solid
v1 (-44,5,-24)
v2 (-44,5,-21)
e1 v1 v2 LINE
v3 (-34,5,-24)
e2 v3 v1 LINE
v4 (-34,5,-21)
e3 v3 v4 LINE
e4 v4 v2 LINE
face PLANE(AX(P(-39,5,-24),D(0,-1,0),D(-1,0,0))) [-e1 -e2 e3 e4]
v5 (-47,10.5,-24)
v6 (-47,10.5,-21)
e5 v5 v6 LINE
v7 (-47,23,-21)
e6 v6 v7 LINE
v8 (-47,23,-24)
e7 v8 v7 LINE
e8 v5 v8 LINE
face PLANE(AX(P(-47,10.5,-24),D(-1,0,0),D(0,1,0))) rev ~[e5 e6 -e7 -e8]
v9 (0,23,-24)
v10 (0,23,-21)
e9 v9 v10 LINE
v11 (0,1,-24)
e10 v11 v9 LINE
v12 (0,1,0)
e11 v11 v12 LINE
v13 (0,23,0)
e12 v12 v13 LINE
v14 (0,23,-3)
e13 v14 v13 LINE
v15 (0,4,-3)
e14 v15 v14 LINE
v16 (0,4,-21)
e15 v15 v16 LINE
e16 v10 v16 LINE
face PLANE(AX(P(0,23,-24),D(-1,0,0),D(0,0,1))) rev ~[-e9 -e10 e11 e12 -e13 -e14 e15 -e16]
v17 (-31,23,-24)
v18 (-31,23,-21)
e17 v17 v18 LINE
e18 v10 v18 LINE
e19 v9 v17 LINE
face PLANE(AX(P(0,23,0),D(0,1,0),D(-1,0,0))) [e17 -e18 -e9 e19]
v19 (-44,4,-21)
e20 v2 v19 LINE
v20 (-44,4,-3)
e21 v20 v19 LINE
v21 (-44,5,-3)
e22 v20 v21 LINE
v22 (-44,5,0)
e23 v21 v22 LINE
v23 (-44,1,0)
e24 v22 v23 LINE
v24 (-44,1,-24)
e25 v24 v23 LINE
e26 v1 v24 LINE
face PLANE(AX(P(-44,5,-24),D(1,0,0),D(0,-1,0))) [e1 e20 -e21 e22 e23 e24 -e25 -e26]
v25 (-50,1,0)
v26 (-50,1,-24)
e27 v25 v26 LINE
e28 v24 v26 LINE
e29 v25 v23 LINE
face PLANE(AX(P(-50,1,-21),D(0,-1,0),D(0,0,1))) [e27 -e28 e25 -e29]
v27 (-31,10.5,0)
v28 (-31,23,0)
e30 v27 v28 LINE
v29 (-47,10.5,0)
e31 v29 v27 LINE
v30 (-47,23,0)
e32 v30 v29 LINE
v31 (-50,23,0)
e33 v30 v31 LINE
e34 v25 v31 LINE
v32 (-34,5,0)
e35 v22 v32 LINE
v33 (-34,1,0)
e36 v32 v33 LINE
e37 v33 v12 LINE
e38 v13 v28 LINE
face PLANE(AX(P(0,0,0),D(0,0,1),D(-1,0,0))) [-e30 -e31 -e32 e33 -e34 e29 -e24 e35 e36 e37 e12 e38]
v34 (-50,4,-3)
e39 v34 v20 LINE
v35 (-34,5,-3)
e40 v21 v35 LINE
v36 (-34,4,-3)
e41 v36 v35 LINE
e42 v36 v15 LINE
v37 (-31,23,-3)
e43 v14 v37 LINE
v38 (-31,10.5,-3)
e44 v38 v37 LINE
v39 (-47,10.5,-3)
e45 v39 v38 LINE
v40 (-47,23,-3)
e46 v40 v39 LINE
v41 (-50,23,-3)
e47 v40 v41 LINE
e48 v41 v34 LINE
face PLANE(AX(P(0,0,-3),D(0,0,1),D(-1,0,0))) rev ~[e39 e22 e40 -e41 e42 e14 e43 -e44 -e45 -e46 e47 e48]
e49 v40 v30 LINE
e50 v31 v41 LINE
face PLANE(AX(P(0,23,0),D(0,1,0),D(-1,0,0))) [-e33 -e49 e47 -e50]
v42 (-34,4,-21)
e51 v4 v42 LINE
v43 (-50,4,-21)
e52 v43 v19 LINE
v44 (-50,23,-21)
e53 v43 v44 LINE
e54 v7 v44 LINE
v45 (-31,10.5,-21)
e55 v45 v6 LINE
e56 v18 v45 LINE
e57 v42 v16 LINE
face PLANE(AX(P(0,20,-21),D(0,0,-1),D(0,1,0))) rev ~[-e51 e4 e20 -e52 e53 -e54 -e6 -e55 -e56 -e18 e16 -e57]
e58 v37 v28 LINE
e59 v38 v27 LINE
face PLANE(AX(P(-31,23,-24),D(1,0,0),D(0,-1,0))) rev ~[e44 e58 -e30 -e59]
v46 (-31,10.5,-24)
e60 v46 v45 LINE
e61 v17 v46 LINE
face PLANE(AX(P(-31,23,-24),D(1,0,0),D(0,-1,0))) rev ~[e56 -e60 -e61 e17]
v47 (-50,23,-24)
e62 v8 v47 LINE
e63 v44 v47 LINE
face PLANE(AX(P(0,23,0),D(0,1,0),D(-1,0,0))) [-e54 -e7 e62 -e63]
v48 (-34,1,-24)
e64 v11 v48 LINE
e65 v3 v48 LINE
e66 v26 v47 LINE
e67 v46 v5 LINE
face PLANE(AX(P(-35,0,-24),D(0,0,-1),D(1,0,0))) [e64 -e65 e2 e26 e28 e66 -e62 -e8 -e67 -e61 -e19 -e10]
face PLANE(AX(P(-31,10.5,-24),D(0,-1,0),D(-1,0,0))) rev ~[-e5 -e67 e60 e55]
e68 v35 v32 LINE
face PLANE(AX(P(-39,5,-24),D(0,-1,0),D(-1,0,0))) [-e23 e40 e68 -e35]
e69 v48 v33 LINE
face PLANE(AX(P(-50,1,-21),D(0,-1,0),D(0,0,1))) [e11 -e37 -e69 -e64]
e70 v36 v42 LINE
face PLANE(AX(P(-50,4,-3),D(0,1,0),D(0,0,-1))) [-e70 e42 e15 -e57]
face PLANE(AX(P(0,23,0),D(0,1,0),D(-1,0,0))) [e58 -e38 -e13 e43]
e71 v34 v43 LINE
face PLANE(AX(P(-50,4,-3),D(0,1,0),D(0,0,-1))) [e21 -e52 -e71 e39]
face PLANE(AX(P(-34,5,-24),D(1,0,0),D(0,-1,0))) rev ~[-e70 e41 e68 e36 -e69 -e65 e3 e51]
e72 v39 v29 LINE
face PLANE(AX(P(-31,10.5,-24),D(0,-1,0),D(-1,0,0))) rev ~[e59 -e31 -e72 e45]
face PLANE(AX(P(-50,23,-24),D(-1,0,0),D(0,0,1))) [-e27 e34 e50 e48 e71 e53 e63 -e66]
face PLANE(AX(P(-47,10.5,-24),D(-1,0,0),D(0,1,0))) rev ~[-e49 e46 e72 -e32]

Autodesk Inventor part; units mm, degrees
ref_plane "YZ Plane" through (0, 0, 0) normal (1, 0, 0) x (0, 1, 0)
ref_plane "XZ Plane" through (0, 0, 0) normal (0, 1, 0) x (-1, 0, 0)
ref_plane "XY Plane" through (0, 0, 0) normal (0, 0, 1) x (1, 0, 0)
sketch "Sketch3" plane through (0, 0, 0) normal (0, 1, 0) x (-1, 0, 0)
  line L0 (0, 0) -> (35, 0)
  line L1 (35, 0) -> (35, -24)
  line L2 (35, -24) -> (0, -24)
  line L3 (0, -24) -> (0, 0)
  dimension "d7" = 35
  dimension "d8" = 24
extrude "Extrusion2" add sketch "Sketch3" along normal blind 23
sketch "Sketch4" plane through (0, 0, 0) normal (0, -1, 0) x (1, 0, 0)
  line L0 (-35, 0) -> (0, 0) projected
  line L1 (-35, 0) -> (0, 0)
  line L2 (-35, -24) -> (-35, 0) projected
  line L3 (-35, -12) -> (-17.5, -12)
  line L4 (-35, -21) -> (0, -21)
  line L5 (0, -21) -> (0, -3)
  line L6 (0, -3) -> (-35, -3)
  line L7 (-35, -3) -> (-35, -21)
  line L8 (-35, -21) -> (0, -3) construction
  line L9 (0, -21) -> (-35, -3) construction
  dimension "d11" = 35
  dimension "d12" = 18
extrude "Extrusion3" cut sketch "Sketch4" against normal blind 20
sketch "Sketch5" plane through (0, 0, -24) normal (1, 0, 0) x (0, 0, -1)
  line L0 (-21, 0) -> (-24, 0) projected
  line L1 (0, 0) -> (0, 23) projected
  line L2 (-24, 0) -> (0, 0)
  line L3 (0, 0) -> (0, 1)
  line L4 (0, 1) -> (-24, 1)
  line L5 (-24, 1) -> (-24, 0)
  dimension "d15" = 1
extrude "Extrusion4" cut sketch "Sketch5" against normal blind 50.1625
sketch "Sketch6" plane through (-35, 23, -24) normal (-1, 0, 0) x (0, 0, 1)
  line L0 (3, -22) -> (0, -22) projected
  line L1 (0, -22) -> (3, -22)
  line L2 (3, -22) -> (3, -3)
  line L3 (3, -3) -> (0, -3)
  line L4 (0, -3) -> (0, -22)
  line L5 (24, 0) -> (0, 0) projected
  line L6 (0, -3) -> (24, -3)
  line L7 (24, -3) -> (24, 0)
  line L8 (24, 0) -> (0, 0)
  line L9 (0, 0) -> (0, -3)
  line L10 (24, -22) -> (24, 0) projected
  line L11 (21, -22) -> (21, -3) projected
  line L12 (24, 0) -> (21, 0)
  line L13 (21, 0) -> (21, -22)
  line L14 (21, -22) -> (24, -22)
  line L15 (24, -22) -> (24, 0)
  point P0 (24, -23)
extrude "Extrusion5" add sketch "Sketch6" along normal blind 15
sketch "Sketch7" plane through (-50, 23, -24) normal (-1, 0, 0) x (0, 0, 1)
  line L0 (24, 0) -> (0, 0) projected
  line L1 (12, 0) -> (12, -22)
  line L2 (0, 0) -> (0, -22) projected
  line L3 (0, 0) -> (24, 0)
  line L4 (0, -22) -> (3, -22) projected
  line L5 (21, -22) -> (24, -22) projected
  line L6 (0, -22) -> (24, -22)
  point P0 (24, -23)
sketch "Sketch8" plane through (-50, 23, -24) normal (-1, 0, 0) x (0, 0, 1)
  line L0 (0, -22) -> (3, -22) projected
  line L1 (21, -3) -> (21, -22) projected
  line L2 (3, -22) -> (21, -22)
  line L3 (21, -22) -> (21, -19)
  line L4 (21, -19) -> (3, -19)
  line L5 (3, -19) -> (3, -22)
  point P0 (24, -23)
  dimension "d20" = 3
extrude "Extrusion6" add sketch "Sketch8" against normal up to surface (50 mm away)
sketch "Sketch9" plane through (0, 23, 0) normal (1, 0, 0) x (0, 0, -1)
  line L0 (3, -19) -> (3, -3) projected
  line L1 (0, 0) -> (24, 0) projected
  line L2 (3, -3) -> (21, -3)
  line L3 (21, -3) -> (21, 0)
  line L4 (21, 0) -> (3, 0)
  line L5 (3, 0) -> (3, -3)
  point P0 (0, -23)
  point P1 (3, 0)
  dimension "d23" = 18
extrude "Extrusion7" cut sketch "Sketch9" against normal up to surface (50 mm away)
sketch "Sketch10" plane through (0, 1, -24) normal (0, 0, -1) x (-1, 0, 0)
  line L0 (50, 22) -> (50, 3) projected
  line L1 (50, 22) -> (47, 22)
  line L2 (0, 22) -> (50, 22) projected
  line L3 (47, 22) -> (31, 22)
  line L4 (31, 22) -> (31, 9.5)
  line L5 (31, 9.5) -> (47, 9.5)
  line L6 (47, 9.5) -> (47, 22)
  point P0 (0, -1)
  dimension "d26" = 3
  dimension "d27" = 16
  dimension "d28" = 12.5
extrude "Extrusion8" cut sketch "Sketch10" against normal blind 30.6375
sketch "Sketch12" plane through (0, 1, -24) normal (0, 0, -1) x (-1, 0, 0)
  line L0 (31, 9.5) -> (47, 9.5) projected
  line L1 (47, 9.5) -> (39, 9.5)
  line L2 (39, 9.5) -> (39, 0)
  line L3 (50, 0) -> (0, 0) projected
  line L4 (36, 4) -> (42, 4)
  line L5 (42, 4) -> (42, -4)
  line L6 (42, -4) -> (36, -4)
  line L7 (36, -4) -> (36, 4)
  line L8 (36, 4) -> (42, -4) construction
  line L9 (42, 4) -> (36, -4) construction
  line L10 (42, 4) -> (44, 4)
  line L11 (44, 4) -> (44, 0)
  line L12 (44, 0) -> (42, 0)
  line L13 (42, 0) -> (42, 4)
  line L14 (36, 4) -> (34, 4)
  line L15 (34, 4) -> (34, 0)
  line L16 (34, 0) -> (36, 0)
  line L17 (36, 0) -> (36, 4)
  point P0 (0, -1)
  dimension "d34" = 6
  dimension "d35" = 8
  dimension "d36" = 2
  dimension "d37" = 2
extrude "Extrusion10" cut sketch "Sketch12" against normal up to surface (24 mm away) contours L4 L5 L3 L2 | L2 L3 L7 L4 | L7 L3 L15 L14 | L10 L11 L3 L5
properties part number "batteryContainer"
